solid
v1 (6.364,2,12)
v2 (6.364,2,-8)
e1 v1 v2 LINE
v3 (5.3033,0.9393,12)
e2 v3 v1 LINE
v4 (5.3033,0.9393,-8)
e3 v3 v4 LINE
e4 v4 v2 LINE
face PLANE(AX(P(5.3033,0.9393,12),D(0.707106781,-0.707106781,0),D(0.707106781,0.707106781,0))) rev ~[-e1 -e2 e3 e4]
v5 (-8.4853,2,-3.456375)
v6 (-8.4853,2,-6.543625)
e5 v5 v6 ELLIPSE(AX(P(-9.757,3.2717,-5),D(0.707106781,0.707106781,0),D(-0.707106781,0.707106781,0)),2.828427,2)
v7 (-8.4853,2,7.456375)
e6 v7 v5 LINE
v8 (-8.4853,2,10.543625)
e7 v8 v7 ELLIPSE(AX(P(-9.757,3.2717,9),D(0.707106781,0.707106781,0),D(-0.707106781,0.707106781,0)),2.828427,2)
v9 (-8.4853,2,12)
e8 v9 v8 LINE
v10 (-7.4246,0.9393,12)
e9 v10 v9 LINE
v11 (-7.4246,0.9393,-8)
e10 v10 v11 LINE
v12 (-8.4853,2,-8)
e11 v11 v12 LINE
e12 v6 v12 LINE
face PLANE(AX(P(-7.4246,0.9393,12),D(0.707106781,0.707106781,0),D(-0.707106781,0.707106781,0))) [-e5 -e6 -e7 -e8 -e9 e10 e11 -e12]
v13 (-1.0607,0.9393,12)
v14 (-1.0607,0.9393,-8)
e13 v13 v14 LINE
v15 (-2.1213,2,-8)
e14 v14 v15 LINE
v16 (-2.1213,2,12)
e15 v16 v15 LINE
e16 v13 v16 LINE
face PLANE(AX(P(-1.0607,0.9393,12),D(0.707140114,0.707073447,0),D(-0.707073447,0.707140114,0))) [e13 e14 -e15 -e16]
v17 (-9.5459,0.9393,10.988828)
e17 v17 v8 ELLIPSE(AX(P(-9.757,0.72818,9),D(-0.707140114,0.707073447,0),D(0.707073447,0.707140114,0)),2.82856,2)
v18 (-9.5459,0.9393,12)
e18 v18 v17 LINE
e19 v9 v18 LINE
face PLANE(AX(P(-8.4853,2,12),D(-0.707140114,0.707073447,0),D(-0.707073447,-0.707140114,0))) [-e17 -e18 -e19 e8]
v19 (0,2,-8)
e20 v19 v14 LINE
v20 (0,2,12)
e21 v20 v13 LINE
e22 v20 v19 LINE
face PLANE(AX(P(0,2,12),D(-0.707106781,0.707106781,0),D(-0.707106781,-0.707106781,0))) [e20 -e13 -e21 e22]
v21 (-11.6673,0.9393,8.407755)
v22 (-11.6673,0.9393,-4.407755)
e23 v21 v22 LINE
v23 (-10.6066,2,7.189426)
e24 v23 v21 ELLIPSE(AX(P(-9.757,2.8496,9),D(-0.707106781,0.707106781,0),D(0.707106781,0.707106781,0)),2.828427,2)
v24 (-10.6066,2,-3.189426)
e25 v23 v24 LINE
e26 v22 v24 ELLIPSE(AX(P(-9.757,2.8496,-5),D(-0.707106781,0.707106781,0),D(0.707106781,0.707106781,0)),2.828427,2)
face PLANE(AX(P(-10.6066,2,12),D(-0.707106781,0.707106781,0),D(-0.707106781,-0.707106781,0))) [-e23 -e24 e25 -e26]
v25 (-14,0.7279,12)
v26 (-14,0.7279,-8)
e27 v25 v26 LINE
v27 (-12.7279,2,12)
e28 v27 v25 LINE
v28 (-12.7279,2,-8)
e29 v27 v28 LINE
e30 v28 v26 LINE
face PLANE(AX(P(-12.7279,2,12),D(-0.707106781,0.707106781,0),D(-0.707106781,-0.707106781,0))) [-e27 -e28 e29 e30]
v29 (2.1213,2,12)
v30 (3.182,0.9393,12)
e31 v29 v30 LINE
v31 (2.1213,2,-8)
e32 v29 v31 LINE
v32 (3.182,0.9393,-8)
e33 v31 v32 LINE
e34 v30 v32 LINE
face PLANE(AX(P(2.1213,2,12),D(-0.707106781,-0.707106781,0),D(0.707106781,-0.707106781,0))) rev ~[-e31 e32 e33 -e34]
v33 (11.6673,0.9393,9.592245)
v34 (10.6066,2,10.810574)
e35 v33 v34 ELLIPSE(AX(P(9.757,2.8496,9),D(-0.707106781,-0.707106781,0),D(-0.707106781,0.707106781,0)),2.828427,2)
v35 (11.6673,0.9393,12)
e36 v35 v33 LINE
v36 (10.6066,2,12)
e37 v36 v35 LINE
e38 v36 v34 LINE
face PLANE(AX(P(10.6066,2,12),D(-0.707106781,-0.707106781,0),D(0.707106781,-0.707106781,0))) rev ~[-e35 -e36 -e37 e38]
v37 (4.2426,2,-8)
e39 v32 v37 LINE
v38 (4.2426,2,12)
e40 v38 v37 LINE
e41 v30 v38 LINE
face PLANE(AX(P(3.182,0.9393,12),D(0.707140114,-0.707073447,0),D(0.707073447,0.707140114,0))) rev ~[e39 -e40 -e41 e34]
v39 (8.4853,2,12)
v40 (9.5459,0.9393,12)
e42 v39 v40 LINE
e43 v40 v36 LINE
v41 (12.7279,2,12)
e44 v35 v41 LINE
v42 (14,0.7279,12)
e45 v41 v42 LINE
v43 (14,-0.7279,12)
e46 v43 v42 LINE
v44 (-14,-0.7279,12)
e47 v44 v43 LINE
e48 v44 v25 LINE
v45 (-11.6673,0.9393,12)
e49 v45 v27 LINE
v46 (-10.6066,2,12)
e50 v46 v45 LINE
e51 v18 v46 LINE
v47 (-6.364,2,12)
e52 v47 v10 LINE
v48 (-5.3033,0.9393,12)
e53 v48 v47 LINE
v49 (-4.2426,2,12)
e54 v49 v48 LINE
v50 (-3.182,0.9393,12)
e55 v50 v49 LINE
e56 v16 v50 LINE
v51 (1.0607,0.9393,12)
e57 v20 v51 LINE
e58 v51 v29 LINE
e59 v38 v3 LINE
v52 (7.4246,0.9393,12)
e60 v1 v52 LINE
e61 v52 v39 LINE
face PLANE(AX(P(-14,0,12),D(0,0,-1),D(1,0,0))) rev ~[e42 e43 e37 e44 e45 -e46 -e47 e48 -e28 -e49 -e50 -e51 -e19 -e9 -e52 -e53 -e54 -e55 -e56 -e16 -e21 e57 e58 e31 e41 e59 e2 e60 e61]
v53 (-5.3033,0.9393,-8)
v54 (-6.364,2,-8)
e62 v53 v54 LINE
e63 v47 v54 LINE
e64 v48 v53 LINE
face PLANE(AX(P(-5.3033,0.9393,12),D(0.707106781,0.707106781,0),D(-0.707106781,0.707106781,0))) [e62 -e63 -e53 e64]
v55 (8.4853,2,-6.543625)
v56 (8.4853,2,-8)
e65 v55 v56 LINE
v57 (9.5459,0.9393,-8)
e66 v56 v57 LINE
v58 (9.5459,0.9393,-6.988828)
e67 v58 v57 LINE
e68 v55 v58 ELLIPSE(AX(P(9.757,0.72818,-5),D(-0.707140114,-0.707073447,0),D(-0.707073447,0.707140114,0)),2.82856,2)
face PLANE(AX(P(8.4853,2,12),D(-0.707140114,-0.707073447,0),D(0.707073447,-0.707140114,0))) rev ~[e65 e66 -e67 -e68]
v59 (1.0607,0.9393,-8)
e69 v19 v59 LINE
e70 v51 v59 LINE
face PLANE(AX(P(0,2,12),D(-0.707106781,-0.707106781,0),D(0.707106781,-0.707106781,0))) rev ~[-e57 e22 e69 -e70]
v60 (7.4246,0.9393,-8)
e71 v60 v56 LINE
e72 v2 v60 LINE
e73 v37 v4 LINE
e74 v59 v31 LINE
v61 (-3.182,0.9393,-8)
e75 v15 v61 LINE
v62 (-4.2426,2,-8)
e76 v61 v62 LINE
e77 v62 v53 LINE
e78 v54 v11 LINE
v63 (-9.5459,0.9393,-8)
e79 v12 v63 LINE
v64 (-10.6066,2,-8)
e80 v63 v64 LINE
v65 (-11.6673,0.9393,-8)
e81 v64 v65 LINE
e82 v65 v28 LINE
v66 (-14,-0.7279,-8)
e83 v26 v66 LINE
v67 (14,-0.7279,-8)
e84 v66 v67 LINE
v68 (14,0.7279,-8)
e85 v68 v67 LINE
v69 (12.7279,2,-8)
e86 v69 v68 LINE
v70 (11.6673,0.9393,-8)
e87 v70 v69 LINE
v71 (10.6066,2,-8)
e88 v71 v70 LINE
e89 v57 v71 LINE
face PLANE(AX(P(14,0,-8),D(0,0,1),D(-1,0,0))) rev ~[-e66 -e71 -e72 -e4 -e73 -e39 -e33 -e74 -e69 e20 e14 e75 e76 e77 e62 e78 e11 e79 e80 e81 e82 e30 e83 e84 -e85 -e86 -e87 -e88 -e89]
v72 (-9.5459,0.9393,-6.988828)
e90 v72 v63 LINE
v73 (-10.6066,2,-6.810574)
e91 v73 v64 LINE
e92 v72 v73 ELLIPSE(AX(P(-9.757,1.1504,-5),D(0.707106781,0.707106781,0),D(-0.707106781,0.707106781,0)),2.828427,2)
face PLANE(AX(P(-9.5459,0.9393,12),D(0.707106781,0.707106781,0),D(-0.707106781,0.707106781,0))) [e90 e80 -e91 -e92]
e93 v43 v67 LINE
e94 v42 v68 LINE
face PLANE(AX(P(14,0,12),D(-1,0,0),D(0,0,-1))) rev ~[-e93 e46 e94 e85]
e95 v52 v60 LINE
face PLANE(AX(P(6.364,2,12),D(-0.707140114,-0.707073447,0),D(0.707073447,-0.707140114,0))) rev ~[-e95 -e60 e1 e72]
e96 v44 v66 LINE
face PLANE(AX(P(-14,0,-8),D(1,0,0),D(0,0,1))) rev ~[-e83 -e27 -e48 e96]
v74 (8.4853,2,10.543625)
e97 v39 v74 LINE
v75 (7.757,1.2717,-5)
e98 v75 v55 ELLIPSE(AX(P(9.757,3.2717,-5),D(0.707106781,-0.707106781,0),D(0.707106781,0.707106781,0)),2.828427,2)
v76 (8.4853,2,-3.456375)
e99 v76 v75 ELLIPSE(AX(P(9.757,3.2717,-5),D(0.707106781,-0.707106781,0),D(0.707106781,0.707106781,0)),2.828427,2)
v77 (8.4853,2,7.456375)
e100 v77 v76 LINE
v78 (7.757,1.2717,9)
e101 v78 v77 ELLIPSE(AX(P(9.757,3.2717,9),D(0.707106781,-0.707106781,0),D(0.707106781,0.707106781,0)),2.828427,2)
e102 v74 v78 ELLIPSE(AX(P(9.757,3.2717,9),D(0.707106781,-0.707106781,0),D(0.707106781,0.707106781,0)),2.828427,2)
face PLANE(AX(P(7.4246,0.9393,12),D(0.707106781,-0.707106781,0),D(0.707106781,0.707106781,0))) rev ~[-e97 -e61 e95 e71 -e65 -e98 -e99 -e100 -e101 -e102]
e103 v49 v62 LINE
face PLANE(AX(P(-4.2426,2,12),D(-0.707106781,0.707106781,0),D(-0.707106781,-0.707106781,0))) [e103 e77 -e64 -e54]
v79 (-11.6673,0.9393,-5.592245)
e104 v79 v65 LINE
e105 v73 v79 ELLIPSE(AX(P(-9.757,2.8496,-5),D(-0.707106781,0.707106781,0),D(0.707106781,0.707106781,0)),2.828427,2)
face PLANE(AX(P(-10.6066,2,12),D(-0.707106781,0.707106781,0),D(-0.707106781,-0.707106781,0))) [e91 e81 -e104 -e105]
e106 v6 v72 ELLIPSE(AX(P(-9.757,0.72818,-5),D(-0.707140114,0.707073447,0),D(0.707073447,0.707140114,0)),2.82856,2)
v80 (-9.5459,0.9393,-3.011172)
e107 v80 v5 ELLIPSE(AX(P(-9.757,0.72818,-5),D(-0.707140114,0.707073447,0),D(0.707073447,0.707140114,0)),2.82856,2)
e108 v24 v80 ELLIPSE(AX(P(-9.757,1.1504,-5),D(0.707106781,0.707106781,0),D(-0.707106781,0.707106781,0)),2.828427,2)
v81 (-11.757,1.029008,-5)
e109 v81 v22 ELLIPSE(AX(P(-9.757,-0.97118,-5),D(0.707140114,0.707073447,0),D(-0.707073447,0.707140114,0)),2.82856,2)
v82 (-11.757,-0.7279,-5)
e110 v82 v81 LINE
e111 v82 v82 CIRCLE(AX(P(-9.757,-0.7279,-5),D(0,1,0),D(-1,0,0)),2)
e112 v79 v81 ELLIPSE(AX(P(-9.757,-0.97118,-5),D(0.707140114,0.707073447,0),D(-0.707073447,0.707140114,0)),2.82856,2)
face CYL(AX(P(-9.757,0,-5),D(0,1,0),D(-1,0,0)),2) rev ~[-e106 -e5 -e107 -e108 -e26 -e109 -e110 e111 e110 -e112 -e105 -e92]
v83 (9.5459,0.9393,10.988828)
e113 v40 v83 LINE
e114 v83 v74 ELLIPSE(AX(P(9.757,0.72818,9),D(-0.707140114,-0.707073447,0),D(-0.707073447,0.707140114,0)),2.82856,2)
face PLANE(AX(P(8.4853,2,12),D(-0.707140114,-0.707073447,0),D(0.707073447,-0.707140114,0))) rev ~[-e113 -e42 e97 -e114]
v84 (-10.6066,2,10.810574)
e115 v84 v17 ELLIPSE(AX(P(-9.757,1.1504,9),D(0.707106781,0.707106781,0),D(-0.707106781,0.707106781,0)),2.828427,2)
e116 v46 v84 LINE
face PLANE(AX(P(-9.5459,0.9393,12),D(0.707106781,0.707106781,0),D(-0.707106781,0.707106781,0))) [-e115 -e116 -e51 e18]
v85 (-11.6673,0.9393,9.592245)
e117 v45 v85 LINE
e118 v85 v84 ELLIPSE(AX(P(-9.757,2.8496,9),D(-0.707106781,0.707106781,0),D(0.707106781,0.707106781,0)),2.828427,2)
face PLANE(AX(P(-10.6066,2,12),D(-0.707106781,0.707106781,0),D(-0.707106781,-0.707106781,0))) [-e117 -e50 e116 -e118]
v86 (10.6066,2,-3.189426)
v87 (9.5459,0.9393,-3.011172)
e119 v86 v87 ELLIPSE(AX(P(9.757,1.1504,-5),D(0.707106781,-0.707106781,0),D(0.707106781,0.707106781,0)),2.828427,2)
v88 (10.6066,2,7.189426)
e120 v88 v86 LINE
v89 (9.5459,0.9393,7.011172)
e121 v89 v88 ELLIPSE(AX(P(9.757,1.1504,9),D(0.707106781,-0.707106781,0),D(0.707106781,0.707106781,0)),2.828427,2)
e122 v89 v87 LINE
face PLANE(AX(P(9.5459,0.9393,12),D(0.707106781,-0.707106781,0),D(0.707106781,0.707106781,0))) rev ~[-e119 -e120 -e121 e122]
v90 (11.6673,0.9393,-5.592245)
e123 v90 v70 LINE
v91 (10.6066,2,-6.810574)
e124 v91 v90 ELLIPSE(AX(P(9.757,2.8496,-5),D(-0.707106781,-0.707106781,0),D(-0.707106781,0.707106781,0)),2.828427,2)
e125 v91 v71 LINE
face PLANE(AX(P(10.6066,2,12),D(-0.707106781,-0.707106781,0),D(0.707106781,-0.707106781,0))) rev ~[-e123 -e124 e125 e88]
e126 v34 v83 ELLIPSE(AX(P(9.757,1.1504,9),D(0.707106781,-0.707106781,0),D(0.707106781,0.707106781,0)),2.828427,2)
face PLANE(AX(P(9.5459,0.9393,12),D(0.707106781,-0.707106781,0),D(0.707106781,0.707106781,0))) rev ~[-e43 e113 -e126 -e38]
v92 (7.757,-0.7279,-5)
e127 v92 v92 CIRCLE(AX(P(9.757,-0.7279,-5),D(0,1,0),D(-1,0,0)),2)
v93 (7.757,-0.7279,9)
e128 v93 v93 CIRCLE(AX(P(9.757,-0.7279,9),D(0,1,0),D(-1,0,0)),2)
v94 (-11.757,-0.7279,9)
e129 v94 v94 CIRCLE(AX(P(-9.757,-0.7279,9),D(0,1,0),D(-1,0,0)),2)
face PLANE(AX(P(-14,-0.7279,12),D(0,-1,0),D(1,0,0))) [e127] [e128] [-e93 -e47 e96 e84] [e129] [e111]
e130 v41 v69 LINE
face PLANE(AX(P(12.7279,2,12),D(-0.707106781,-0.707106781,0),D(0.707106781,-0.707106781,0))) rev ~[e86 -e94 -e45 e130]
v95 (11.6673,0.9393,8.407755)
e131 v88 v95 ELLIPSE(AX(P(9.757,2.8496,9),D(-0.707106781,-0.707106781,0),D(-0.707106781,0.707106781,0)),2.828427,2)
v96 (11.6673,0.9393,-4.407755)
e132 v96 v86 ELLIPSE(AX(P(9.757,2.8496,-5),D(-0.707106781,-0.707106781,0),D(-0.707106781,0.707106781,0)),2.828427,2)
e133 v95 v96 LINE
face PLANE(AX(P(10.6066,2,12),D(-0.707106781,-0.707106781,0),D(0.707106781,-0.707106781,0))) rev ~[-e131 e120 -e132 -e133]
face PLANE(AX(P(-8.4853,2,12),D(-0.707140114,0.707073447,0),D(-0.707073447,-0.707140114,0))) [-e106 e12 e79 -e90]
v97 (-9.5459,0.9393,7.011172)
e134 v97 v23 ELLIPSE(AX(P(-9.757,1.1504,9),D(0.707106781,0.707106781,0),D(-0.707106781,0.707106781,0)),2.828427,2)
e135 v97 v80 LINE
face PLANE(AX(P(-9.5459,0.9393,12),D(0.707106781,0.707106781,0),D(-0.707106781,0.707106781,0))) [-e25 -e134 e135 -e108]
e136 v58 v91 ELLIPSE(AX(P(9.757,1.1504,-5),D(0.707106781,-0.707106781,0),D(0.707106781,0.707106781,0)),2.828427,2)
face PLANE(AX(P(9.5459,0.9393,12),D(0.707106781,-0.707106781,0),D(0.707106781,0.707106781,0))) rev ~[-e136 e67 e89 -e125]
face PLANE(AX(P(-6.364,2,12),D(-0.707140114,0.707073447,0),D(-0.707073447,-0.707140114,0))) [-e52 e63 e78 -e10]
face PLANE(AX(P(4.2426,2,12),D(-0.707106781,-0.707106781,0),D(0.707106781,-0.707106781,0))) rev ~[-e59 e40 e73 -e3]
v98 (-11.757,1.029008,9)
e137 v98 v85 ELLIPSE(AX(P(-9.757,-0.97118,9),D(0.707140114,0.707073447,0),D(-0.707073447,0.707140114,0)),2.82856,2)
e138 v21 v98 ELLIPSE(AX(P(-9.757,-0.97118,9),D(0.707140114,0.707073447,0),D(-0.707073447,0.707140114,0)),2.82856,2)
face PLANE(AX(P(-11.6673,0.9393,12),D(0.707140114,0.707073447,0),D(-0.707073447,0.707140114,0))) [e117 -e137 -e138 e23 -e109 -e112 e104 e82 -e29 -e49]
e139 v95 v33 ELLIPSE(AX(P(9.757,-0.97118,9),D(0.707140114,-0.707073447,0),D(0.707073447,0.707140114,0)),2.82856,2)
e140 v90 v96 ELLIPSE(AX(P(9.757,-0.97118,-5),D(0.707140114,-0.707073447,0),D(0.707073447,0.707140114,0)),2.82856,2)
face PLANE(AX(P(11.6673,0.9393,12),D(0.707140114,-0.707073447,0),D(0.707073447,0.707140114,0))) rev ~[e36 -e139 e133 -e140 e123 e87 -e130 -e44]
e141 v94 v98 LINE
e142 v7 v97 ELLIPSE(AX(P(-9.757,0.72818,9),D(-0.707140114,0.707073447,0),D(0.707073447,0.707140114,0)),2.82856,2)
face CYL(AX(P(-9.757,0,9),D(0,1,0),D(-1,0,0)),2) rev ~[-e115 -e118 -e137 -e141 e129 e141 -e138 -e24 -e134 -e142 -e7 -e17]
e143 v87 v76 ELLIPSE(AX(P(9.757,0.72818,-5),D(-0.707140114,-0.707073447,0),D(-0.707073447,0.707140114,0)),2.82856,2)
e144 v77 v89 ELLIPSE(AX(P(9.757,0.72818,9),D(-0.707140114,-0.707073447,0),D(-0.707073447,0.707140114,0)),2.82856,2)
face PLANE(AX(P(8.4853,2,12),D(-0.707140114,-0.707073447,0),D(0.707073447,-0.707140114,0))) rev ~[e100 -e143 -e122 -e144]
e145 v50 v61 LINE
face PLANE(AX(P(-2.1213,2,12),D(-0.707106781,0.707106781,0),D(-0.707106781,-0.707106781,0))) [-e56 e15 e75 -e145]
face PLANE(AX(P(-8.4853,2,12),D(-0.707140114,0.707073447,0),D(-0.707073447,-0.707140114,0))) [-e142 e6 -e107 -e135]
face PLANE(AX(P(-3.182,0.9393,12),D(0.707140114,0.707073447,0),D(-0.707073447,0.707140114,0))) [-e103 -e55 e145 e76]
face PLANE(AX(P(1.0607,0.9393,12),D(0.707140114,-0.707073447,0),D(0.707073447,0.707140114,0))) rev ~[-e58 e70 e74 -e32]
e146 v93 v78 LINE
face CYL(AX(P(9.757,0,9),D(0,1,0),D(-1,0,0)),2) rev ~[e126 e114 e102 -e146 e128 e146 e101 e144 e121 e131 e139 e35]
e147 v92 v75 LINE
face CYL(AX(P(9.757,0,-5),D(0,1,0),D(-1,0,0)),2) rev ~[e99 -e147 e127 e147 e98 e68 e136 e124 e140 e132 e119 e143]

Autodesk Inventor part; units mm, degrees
ref_plane "YZ Plane" through (0, 0, 0) normal (1, 0, 0) x (0, 1, 0)
ref_plane "XZ Plane" through (0, 0, 0) normal (0, 1, 0) x (-1, 0, 0)
ref_plane "XY Plane" through (0, 0, 0) normal (0, 0, 1) x (1, 0, 0)
sketch "Sketch1" plane through (0, 0, 0) normal (0, 1, 0) x (-1, 0, 0)
  line L0 (14, 12) -> (-14, 12)
  line L1 (-14, 12) -> (-14, -8)
  line L2 (-14, -8) -> (14, -8)
  line L3 (14, -8) -> (14, 12)
  point P0 (0, 0)
  dimension "d0" = 28
  dimension "d1" = 20
  dimension "d4" = 14
extrude "Extrusion1" add sketch "Sketch1" along normal mid plane 4
sketch "Sketch2" plane through (-14, 2, 12) normal (0, 0, 1) x (1, 0, 0)
  line L0 (0, 0) -> (28, 0) projected
  line L1 (14, 0) -> (12.9393, -1.0607)
  line L2 (14, 0) -> (15.5, 0) construction
  line L3 (12.9393, -1.0607) -> (11.8787, 0)
  line L4 (11.8787, 0) -> (10.818, -1.0607)
  line L5 (10.818, -1.0607) -> (9.7574, 0)
  line L6 (9.7574, 0) -> (8.6967, -1.0607)
  line L7 (8.6967, -1.0607) -> (7.636, 0)
  line L8 (7.636, 0) -> (6.5754, -1.0607)
  line L9 (6.5754, -1.0607) -> (5.5147, 0)
  line L10 (5.5147, 0) -> (4.4541, -1.0607)
  line L11 (4.4541, -1.0607) -> (3.3934, 0)
  line L12 (3.3934, 0) -> (2.3327, -1.0607)
  line L13 (2.3327, -1.0607) -> (1.2721, 0)
  line L14 (1.2721, 0) -> (0, -1.2721)
  line L15 (0, 0) -> (0, -4) projected
  line L16 (14, 0) -> (15.0607, -1.0607)
  line L17 (15.0607, -1.0607) -> (16.1213, 0)
  line L18 (16.1213, 0) -> (17.182, -1.0607)
  line L19 (17.182, -1.0607) -> (18.2426, 0)
  line L20 (18.2426, 0) -> (19.3033, -1.0607)
  line L21 (19.3033, -1.0607) -> (20.364, 0)
  line L22 (20.364, 0) -> (21.4246, -1.0607)
  line L23 (21.4246, -1.0607) -> (22.4853, 0)
  line L24 (22.4853, 0) -> (23.5459, -1.0607)
  line L25 (23.5459, -1.0607) -> (24.6066, 0)
  line L26 (24.6066, 0) -> (25.6673, -1.0607)
  line L27 (25.6673, -1.0607) -> (26.7279, 0)
  line L28 (26.7279, 0) -> (28, -1.2721)
  line L29 (28, -4) -> (28, 0) projected
  point P0 (14, -2)
  point P1 (1.2721, 0)
  point P2 (1.2721, 0)
  point P3 (5.5147, 0)
  point P4 (5.5147, 0)
  point P5 (7.636, 0)
  point P6 (7.636, 0)
  point P7 (9.7574, 0)
  point P8 (9.7574, 0)
  dimension "d5" = 1.5
  dimension "d6" = 135
  dimension "d7" = 1.5
extrude "Extrusion2" cut sketch "Sketch2" against normal blind 50
mirror "Mirror1" about plane through (0, 0, 0) normal (0, 1, 0) of "Extrusion2"
sketch "Sketch4" plane through (14, -0.7279, 12) normal (0, 0, 1) x (1, 0, 0)
  line L0 (-26.7279, -1.2721) -> (-28, 0) projected
  line L1 (-28, 0) -> (1.5875, 0)
  line L2 (1.5875, 0) -> (1.5875, -7.9375)
  line L3 (1.5875, -7.9375) -> (-28, -7.9375)
  line L4 (-28, -7.9375) -> (-28, 0)
  point P0 (-14, 0.7279)
extrude "Extrusion4" cut sketch "Sketch4" against normal blind 50
sketch "Sketch5" plane through (0, 0, 0) normal (0, 1, 0) x (-1, 0, 0)
  circle A0 centre (9.757, 9) radius 2
  circle A1 centre (-9.757, 9) radius 2
  circle A2 centre (9.757, -5) radius 2
  circle A3 centre (-9.757, -5) radius 2
  point P0 (0, 0)
  dimension "d16" = 4
  dimension "d17" = 4
  dimension "d18" = 4
  dimension "d19" = 4
extrude "Extrusion5" cut sketch "Sketch5" against normal mid plane 10
properties part number "g2Tensioner2"
